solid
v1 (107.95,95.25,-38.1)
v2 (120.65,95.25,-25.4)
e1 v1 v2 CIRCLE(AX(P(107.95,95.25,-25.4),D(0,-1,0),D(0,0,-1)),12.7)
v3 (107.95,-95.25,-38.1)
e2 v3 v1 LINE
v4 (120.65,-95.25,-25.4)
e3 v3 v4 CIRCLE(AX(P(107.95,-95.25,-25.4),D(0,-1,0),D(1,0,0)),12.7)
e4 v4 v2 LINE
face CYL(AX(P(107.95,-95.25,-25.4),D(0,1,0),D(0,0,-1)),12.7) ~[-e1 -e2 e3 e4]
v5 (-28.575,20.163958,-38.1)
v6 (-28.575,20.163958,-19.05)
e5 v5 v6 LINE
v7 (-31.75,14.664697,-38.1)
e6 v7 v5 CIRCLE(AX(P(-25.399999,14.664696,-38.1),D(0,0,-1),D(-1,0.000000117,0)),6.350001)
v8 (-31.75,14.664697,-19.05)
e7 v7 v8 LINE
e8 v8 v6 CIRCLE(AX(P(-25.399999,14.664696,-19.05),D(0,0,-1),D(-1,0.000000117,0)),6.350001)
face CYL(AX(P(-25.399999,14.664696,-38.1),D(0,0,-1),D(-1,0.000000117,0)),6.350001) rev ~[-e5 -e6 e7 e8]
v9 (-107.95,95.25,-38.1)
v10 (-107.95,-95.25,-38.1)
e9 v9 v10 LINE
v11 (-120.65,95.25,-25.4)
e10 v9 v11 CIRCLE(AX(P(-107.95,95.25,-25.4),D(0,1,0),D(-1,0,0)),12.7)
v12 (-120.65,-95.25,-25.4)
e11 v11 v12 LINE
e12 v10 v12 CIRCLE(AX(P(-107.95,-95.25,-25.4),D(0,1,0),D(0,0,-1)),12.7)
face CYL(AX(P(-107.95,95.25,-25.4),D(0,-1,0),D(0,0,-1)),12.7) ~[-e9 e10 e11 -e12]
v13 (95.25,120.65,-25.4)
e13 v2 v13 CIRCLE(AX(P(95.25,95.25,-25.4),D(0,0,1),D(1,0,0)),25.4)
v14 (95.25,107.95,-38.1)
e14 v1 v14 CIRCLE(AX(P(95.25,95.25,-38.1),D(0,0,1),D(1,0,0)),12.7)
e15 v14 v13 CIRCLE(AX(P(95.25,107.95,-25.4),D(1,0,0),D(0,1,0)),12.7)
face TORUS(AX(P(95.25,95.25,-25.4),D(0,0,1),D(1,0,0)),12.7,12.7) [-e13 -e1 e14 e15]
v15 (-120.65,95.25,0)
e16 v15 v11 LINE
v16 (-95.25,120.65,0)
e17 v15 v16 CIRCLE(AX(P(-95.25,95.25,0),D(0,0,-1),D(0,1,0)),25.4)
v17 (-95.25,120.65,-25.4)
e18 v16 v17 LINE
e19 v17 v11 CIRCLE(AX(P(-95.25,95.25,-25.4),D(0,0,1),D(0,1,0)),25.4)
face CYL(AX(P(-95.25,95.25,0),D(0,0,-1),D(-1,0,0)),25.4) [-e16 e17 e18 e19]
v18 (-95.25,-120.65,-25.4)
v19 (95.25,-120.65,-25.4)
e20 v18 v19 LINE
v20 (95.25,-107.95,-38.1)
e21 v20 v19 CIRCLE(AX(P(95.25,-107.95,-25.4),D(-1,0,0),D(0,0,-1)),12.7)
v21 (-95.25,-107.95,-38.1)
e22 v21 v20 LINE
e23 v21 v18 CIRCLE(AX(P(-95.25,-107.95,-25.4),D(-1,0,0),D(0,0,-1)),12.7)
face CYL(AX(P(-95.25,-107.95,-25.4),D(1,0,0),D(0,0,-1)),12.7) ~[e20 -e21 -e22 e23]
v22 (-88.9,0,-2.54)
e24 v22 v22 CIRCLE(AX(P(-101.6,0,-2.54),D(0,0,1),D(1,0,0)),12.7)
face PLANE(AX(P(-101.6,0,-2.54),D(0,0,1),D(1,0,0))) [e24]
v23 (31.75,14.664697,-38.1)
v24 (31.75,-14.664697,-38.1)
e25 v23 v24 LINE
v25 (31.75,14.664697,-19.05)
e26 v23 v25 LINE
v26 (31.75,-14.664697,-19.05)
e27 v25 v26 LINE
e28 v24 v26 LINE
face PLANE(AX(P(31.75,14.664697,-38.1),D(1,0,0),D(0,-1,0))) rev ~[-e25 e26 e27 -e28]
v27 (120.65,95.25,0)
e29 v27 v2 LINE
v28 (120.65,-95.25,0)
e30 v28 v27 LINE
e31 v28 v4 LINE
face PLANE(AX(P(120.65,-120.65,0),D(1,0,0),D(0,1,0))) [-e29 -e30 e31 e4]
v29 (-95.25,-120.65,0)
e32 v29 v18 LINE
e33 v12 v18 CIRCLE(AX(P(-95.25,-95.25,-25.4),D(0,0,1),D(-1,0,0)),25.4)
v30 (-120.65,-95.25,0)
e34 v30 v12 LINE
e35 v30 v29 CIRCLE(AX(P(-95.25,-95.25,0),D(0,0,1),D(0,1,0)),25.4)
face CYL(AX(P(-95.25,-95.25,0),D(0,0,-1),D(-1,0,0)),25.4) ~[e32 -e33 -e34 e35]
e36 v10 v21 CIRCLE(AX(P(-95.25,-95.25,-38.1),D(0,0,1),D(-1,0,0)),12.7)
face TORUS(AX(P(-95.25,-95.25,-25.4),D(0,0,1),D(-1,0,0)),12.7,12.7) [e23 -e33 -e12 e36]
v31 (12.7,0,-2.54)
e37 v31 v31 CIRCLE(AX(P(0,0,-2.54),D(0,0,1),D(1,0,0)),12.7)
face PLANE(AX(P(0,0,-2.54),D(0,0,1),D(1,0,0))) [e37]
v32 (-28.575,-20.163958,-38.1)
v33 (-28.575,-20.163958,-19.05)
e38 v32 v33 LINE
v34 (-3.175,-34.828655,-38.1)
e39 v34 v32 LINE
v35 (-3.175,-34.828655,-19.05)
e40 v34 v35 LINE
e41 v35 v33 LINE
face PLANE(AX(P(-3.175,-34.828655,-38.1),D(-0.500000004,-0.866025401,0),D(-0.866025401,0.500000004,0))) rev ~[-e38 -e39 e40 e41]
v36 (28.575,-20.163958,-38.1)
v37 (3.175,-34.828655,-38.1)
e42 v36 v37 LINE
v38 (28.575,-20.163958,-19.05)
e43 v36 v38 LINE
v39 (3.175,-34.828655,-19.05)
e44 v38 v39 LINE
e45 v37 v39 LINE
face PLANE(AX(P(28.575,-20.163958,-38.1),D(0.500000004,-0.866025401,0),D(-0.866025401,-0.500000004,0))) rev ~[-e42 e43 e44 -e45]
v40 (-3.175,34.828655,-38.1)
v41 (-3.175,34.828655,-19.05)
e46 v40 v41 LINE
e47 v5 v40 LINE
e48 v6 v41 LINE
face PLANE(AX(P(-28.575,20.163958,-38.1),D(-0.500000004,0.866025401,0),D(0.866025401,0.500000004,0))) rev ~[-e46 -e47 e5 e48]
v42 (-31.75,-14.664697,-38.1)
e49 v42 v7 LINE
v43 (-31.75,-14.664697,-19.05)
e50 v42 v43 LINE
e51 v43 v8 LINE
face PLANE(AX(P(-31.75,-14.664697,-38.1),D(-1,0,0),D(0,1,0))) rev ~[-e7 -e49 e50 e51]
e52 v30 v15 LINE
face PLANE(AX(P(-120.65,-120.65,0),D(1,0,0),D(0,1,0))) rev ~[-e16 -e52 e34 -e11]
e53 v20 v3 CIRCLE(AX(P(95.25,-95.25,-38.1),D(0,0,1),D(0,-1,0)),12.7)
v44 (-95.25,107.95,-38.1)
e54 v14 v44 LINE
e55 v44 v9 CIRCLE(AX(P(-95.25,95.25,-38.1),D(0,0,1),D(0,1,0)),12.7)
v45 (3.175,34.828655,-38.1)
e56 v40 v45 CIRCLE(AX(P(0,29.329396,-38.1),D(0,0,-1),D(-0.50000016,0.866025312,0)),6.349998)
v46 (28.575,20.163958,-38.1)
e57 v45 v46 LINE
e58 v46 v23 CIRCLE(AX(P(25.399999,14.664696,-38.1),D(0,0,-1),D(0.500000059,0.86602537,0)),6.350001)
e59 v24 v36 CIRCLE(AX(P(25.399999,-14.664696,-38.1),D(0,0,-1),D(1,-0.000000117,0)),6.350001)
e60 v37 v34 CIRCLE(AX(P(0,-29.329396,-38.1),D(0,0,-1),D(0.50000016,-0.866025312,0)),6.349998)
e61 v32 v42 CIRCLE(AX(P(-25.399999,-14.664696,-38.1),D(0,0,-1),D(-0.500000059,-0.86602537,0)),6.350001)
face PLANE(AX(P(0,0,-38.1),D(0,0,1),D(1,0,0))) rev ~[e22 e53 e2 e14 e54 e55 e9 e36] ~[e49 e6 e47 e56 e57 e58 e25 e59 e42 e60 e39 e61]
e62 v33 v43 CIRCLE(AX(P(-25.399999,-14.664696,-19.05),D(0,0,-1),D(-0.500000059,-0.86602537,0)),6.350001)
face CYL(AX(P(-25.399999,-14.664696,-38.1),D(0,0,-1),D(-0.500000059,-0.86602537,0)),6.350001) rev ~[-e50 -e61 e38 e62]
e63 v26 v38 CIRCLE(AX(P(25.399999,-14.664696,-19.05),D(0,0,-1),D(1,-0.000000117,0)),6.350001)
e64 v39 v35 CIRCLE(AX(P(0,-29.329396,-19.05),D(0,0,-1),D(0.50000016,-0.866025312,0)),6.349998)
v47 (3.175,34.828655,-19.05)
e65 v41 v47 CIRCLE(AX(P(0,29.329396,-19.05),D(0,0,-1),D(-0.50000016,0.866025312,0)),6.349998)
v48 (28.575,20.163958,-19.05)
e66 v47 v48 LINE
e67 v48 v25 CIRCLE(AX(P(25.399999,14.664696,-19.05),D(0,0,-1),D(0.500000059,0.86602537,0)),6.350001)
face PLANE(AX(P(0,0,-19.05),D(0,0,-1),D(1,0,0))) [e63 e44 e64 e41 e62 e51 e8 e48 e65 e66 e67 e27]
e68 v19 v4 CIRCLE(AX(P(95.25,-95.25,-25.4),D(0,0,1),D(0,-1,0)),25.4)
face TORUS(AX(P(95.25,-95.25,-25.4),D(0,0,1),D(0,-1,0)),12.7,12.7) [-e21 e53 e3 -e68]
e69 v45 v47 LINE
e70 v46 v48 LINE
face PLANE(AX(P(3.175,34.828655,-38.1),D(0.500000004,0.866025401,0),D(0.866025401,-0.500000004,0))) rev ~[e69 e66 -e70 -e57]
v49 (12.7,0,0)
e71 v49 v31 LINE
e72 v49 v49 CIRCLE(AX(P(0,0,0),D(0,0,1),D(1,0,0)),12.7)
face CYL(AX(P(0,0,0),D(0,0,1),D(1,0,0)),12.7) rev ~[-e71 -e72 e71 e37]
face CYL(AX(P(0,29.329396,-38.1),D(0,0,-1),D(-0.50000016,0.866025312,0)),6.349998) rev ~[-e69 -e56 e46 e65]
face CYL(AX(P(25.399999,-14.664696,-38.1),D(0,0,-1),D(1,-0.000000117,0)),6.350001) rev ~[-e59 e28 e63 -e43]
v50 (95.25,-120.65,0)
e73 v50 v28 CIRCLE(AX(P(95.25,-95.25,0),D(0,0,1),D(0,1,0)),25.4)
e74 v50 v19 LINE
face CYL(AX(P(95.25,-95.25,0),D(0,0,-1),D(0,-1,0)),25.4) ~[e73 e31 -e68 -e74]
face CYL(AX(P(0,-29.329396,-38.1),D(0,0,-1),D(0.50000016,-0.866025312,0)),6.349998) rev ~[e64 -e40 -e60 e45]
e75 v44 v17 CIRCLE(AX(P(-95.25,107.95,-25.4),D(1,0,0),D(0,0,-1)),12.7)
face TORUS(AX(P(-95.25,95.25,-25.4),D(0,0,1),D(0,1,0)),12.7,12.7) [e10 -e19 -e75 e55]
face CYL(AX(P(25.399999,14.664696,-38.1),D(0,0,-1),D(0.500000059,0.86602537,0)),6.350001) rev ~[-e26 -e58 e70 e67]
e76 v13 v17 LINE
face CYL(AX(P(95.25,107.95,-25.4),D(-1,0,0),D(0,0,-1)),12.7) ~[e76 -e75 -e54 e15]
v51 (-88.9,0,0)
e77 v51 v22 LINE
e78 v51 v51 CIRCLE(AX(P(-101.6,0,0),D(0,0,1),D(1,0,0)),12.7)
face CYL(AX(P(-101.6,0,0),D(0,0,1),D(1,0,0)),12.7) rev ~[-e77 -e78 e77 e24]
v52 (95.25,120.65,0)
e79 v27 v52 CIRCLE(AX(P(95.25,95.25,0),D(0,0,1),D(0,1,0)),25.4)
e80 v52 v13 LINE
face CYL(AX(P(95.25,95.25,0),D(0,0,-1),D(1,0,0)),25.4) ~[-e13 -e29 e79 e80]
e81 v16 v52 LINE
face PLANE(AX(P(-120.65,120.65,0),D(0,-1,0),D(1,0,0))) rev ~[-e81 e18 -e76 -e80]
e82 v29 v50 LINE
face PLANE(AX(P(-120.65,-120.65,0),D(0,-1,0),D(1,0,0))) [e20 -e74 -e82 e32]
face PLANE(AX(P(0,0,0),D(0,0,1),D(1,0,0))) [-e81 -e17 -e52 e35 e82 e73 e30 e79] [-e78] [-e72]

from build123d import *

# Parameters (mm, degrees)
F0_W     = 241.3
F0_H     = 241.3
F1_DEPTH = 38.1
F2_R     = 25.4
F3_R     = 12.7
F5_DEPTH = 19.05
F6_R     = 12.7
F7_DEPTH = 2.54
F8_R     = 12.7
F9_DEPTH = 2.54


with BuildPart() as f1:
    # F0 (on Top) → F1 (new body)
    with BuildSketch(Plane.XY):
        Rectangle(F0_W, F0_H)
    extrude(amount=-F1_DEPTH)

    # F2
    f2_edges = [f1.edges().sort_by_distance(p)[0] for p in [
        (-120.65, -120.65, -19.05),
        (-120.65, 120.65, -19.05),
        (120.65, 120.65, -19.05),
        (120.65, -120.65, -19.05),
    ]]
    fillet(f2_edges, radius=F2_R)

    # F3
    f3_edges = [f1.edges().sort_by_distance(p)[0] for p in [
        (0, -120.65, -38.1),
    ]]
    fillet(f3_edges, radius=F3_R)

    # F4 (on face) → F5 (cut)
    with BuildSketch(Plane(origin=(0, 0, -38.1), x_dir=(1, 0, 0), z_dir=(0, 0, -1))):
        with BuildLine():
            Line((-28.575, -20.163958), (-3.175, -34.828655))
            ThreePointArc((-3.175, -34.828655), (0, -35.679394), (3.175, -34.828655))
            Line((3.175, -34.828655), (28.575, -20.163958))
            ThreePointArc((28.575, -20.163958), (30.899261, -17.839697), (31.75, -14.664697))
            Line((31.75, -14.664697), (31.75, 14.664697))
            ThreePointArc((31.75, 14.664697), (30.899261, 17.839697), (28.575, 20.163958))
            Line((28.575, 20.163958), (3.175, 34.828655))
            ThreePointArc((3.175, 34.828655), (0, 35.679394), (-3.175, 34.828655))
            Line((-3.175, 34.828655), (-28.575, 20.163958))
            ThreePointArc((-28.575, 20.163958), (-30.899261, 17.839697), (-31.75, 14.664697))
            Line((-31.75, 14.664697), (-31.75, -14.664697))
            ThreePointArc((-31.75, -14.664697), (-30.899261, -17.839697), (-28.575, -20.163958))
        make_face()
    extrude(amount=-F5_DEPTH, mode=Mode.SUBTRACT)

    # F6 (on face) → F7 (cut)
    with BuildSketch(Plane.XY):
        with Locations((-101.6, 0)):
            Circle(F6_R)
    extrude(amount=-F7_DEPTH, mode=Mode.SUBTRACT)

    # F8 (on face) → F9 (cut)
    with BuildSketch(Plane.XY):
        Circle(F8_R)
    extrude(amount=-F9_DEPTH, mode=Mode.SUBTRACT)


solid = f1.part
